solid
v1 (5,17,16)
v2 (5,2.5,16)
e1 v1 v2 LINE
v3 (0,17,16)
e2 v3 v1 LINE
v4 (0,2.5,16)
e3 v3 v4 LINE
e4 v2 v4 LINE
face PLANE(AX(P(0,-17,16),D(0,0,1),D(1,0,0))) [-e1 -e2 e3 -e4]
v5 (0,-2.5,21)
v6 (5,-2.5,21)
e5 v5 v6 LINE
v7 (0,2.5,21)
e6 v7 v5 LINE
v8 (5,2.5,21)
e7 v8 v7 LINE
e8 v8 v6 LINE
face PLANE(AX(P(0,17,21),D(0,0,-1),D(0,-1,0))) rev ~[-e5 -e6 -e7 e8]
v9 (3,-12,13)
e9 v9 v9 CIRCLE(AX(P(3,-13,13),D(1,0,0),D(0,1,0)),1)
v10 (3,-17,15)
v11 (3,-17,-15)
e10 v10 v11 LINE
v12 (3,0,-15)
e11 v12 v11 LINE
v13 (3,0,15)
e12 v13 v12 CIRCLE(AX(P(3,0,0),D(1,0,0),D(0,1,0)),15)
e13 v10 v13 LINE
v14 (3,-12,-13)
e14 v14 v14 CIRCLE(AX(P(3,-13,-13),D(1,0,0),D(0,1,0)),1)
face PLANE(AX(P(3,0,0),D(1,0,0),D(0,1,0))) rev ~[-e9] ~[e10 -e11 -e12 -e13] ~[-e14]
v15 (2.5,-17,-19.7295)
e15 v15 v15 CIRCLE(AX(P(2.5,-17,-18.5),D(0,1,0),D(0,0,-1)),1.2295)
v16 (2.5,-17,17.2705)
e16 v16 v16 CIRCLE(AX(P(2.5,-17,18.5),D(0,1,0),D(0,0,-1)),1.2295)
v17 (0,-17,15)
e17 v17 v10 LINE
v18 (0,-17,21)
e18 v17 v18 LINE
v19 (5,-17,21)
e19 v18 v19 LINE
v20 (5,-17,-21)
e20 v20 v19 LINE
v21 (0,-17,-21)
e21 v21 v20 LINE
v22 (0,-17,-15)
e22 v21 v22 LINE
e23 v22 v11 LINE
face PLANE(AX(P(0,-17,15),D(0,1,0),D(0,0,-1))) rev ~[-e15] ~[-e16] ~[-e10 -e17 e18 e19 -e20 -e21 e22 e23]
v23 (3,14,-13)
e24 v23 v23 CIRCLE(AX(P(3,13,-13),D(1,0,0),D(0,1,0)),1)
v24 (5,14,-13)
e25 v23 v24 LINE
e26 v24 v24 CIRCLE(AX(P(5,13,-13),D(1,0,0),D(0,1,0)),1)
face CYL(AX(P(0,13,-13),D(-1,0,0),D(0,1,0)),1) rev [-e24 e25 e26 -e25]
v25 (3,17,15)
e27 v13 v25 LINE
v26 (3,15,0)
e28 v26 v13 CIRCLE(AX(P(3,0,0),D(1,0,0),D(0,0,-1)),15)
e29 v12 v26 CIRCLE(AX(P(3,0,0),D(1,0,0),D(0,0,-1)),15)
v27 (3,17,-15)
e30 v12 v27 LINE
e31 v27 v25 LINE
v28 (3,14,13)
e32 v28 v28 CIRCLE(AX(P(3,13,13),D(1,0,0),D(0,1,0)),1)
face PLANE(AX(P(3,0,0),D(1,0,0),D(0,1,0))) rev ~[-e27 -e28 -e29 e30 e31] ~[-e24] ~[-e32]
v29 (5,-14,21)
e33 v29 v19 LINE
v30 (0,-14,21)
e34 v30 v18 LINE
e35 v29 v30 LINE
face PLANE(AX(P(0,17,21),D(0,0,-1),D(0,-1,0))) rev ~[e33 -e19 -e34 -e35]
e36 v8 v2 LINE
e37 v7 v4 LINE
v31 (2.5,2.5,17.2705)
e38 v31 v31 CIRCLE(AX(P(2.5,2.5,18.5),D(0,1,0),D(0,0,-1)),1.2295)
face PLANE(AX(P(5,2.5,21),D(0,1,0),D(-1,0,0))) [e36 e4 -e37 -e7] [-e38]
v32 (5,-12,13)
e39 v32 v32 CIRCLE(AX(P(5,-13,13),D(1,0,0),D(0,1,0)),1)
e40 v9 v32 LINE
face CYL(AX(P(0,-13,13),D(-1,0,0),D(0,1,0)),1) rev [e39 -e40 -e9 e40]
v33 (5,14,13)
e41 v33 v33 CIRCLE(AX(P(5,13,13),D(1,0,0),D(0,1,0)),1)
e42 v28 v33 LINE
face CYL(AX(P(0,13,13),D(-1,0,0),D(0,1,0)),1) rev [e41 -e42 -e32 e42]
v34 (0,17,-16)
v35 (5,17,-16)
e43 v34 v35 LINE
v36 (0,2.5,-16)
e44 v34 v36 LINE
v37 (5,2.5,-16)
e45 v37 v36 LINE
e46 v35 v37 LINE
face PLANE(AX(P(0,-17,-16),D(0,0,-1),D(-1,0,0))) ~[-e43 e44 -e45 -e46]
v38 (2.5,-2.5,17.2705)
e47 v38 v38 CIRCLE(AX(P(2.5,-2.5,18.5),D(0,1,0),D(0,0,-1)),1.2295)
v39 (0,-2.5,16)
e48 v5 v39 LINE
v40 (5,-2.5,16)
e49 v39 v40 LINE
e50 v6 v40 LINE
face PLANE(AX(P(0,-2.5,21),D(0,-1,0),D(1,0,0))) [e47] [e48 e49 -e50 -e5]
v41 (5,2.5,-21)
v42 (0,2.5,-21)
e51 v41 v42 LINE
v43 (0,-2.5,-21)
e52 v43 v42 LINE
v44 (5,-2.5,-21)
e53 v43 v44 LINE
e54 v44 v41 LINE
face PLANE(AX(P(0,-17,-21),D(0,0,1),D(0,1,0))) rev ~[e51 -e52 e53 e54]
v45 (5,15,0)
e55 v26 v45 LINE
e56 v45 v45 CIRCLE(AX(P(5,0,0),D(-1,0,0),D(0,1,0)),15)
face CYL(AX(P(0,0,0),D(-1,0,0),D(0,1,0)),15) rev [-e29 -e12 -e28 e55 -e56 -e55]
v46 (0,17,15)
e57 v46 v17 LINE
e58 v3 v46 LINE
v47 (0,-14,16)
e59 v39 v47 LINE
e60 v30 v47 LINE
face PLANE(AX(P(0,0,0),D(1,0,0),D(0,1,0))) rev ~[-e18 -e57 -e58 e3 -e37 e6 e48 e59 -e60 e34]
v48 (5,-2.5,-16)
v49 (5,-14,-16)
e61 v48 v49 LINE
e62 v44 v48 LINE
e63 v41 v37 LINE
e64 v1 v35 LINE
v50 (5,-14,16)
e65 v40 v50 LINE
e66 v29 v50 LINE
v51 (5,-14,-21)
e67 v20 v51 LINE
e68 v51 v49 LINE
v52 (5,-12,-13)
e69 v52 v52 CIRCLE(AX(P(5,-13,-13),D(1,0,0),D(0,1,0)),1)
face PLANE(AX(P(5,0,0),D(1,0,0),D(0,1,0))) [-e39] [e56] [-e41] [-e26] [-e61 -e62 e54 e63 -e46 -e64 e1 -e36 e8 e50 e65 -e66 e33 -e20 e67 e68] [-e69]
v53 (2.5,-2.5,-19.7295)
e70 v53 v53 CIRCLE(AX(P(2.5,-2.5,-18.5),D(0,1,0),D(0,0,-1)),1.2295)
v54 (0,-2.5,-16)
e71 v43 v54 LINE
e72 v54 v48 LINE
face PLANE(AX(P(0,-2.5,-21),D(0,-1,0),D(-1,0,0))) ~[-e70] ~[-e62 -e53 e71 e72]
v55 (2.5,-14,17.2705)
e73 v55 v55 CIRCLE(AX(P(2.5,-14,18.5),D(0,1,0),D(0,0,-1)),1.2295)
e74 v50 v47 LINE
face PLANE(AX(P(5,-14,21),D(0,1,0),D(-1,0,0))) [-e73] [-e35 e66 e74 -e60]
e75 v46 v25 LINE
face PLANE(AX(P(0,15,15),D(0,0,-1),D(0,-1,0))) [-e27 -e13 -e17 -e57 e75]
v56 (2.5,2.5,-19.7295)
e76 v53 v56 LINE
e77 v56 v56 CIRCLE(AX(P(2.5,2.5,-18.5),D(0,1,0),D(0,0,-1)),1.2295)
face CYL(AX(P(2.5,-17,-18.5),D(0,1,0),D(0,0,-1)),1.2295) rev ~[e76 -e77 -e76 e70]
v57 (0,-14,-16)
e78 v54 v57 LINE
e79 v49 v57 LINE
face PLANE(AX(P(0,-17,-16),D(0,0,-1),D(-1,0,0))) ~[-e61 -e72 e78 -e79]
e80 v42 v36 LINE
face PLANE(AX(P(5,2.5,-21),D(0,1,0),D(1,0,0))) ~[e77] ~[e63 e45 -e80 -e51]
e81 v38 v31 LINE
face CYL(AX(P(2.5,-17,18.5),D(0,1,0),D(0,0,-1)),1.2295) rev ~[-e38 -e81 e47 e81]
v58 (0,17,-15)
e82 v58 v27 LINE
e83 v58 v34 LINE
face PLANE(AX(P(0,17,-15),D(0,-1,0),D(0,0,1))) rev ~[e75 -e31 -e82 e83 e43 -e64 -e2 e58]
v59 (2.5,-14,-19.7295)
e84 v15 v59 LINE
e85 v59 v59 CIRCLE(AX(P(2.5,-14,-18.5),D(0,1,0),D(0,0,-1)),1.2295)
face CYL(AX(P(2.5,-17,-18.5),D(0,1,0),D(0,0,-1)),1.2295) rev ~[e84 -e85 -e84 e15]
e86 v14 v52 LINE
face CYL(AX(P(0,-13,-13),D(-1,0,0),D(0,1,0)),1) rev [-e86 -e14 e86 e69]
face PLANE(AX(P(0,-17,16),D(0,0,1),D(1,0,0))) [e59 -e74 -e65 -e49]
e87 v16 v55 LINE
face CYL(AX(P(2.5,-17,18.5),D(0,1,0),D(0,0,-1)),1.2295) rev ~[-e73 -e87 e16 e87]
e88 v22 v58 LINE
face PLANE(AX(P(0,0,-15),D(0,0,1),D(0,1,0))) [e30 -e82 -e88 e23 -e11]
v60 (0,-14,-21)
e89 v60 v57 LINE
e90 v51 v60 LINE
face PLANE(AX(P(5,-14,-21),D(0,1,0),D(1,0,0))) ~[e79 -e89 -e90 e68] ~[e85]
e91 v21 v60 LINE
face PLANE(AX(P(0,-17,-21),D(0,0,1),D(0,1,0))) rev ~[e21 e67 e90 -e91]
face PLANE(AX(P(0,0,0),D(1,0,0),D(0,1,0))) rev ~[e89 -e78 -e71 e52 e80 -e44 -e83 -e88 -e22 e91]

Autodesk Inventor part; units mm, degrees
ref_plane "YZ Plane" through (0, 0, 0) normal (1, 0, 0) x (0, 1, 0)
ref_plane "XZ Plane" through (0, 0, 0) normal (0, 1, 0) x (-1, 0, 0)
ref_plane "XY Plane" through (0, 0, 0) normal (0, 0, 1) x (1, 0, 0)
sketch "Sketch1" plane through (0, 0, 0) normal (1, 0, 0) x (0, 1, 0)
  circle A0 centre (0, 0) radius 15
  line L0 (15, 15) -> (-15, 15)
  line L1 (-15, 15) -> (-15, -15) construction
  line L2 (-15, -15) -> (15, -15)
  line L3 (15, -15) -> (15, 15) construction
  line L4 (15, 15) -> (-15, -15) construction
  line L5 (-15, 15) -> (15, -15) construction
  line L6 (17, 21) -> (-17, 21)
  line L7 (-17, 21) -> (-17, -21)
  line L8 (-17, -21) -> (17, -21)
  line L9 (17, -21) -> (17, 21)
  line L10 (17, 21) -> (-17, -21) construction
  line L11 (-17, 21) -> (17, -21) construction
  circle A1 centre (13, -13) radius 1
  circle A2 centre (13, 13) radius 1
  circle A3 centre (-13, -13) radius 1
  circle A4 centre (-13, 13) radius 1
  line L12 (17, -15) -> (15, -15)
  line L13 (-15, -15) -> (-17, -15)
  line L14 (17, 15) -> (15, 15)
  line L15 (-15, 15) -> (-17, 15)
  point P0 (0, -15)
  point P1 (0, 15)
  dimension "d0" = 30
  dimension "d1" = 42
  dimension "d2" = 34
  dimension "d10" = 2
  dimension "d11" = 2
  dimension "d14" = 26
  dimension "d17" = 26
sketch "Sketch2" plane through (0, 0, 0) normal (0, 1, 0) x (-1, 0, 0)
  line L0 (190, 50) -> (-10, 50)
  line L1 (-10, 50) -> (-10, -50)
  line L2 (-10, -50) -> (190, -50)
  line L3 (190, -50) -> (190, 50)
  point P0 (0, 0)
  point P1 (-10, 0)
  dimension "d3" = 200
  dimension "d4" = 100
  dimension "d5" = 10
extrude "Extrusion1" add sketch "Sketch1" along normal blind 5 contours A0 | A0 L0 L14 L9 L12 L2 | L0 L15 L7 L6 L9 L14 | A0 L2 L13 L7 L15 L0 | L2 L12 L9 L8 L7 L13 | A1 | A2 | A3 | A4
extrude "Extrusion4" cut sketch "Sketch1" along normal blind 3 contours A0 L0 L14 L9 L12 L2 | A0 L2 L13 L7 L15 L0
extrude "Extrusion3" cut sketch "Sketch1" along normal blind 5 contours A0 | A1 | A2 | A3 | A4
sketch "Sketch3" plane through (0, -17, 21) normal (0, 0, 1) x (1, 0, 0)
  line L0 (0, 34) -> (0, 0) projected
  line L1 (0, 0) -> (5, 0) projected
  line L2 (5, 34) -> (5, 0) projected
  line L3 (0, 34) -> (5, 34) projected
  line L4 (0, 0) -> (0, 34) projected
  line L5 (5, 0) -> (5, 34) projected
  line L6 (0, 14.5) -> (5, 14.5)
  line L7 (5, 14.5) -> (5, 3)
  line L8 (5, 3) -> (0, 3)
  line L9 (0, 3) -> (0, 14.5)
  line L10 (0, 34) -> (5, 34)
  line L11 (5, 34) -> (5, 19.5)
  line L12 (5, 19.5) -> (0, 19.5)
  line L13 (0, 19.5) -> (0, 34)
  point P0 (0, 17)
  point P1 (0, 17)
  point P2 (0, 3)
  point P3 (5, 3)
  point P4 (0, 19.5)
  dimension "d26" = 3
  dimension "d27" = 5
  dimension "d29" = 2.5
extrude "Extrusion5" cut sketch "Sketch3" against normal blind 5 contours L3 L2 L12 L0 | L6 L2 L8 L0
mirror "Mirror1" about plane through (0, 0, 0) normal (0, 0, 1) of "Extrusion5"
sketch "Sketch4" plane through (0, -17, -21) normal (0, -1, 0) x (1, 0, 0)
  line L0 (5, 42) -> (5, 0) projected
  line L1 (0, 0) -> (5, 0) projected
  line L2 (0, 42) -> (5, 42) projected
  point P0 (0, 21)
  point P1 (2.5, 39.5)
  point P2 (2.5, 2.5)
  dimension "d39" = 2.5
  dimension "d40" = 2.5
  dimension "d41" = 2.5
  dimension "d42" = 2.5
hole "Hole1" at (2.5, -17, 18.5) at (2.5, -17, -18.5) direction (0, 1, 0) diameter 2.459 end through all thread size "M3x0.5" class "6H" standard "ISO Metric profile"
properties part number "Camera holder"
